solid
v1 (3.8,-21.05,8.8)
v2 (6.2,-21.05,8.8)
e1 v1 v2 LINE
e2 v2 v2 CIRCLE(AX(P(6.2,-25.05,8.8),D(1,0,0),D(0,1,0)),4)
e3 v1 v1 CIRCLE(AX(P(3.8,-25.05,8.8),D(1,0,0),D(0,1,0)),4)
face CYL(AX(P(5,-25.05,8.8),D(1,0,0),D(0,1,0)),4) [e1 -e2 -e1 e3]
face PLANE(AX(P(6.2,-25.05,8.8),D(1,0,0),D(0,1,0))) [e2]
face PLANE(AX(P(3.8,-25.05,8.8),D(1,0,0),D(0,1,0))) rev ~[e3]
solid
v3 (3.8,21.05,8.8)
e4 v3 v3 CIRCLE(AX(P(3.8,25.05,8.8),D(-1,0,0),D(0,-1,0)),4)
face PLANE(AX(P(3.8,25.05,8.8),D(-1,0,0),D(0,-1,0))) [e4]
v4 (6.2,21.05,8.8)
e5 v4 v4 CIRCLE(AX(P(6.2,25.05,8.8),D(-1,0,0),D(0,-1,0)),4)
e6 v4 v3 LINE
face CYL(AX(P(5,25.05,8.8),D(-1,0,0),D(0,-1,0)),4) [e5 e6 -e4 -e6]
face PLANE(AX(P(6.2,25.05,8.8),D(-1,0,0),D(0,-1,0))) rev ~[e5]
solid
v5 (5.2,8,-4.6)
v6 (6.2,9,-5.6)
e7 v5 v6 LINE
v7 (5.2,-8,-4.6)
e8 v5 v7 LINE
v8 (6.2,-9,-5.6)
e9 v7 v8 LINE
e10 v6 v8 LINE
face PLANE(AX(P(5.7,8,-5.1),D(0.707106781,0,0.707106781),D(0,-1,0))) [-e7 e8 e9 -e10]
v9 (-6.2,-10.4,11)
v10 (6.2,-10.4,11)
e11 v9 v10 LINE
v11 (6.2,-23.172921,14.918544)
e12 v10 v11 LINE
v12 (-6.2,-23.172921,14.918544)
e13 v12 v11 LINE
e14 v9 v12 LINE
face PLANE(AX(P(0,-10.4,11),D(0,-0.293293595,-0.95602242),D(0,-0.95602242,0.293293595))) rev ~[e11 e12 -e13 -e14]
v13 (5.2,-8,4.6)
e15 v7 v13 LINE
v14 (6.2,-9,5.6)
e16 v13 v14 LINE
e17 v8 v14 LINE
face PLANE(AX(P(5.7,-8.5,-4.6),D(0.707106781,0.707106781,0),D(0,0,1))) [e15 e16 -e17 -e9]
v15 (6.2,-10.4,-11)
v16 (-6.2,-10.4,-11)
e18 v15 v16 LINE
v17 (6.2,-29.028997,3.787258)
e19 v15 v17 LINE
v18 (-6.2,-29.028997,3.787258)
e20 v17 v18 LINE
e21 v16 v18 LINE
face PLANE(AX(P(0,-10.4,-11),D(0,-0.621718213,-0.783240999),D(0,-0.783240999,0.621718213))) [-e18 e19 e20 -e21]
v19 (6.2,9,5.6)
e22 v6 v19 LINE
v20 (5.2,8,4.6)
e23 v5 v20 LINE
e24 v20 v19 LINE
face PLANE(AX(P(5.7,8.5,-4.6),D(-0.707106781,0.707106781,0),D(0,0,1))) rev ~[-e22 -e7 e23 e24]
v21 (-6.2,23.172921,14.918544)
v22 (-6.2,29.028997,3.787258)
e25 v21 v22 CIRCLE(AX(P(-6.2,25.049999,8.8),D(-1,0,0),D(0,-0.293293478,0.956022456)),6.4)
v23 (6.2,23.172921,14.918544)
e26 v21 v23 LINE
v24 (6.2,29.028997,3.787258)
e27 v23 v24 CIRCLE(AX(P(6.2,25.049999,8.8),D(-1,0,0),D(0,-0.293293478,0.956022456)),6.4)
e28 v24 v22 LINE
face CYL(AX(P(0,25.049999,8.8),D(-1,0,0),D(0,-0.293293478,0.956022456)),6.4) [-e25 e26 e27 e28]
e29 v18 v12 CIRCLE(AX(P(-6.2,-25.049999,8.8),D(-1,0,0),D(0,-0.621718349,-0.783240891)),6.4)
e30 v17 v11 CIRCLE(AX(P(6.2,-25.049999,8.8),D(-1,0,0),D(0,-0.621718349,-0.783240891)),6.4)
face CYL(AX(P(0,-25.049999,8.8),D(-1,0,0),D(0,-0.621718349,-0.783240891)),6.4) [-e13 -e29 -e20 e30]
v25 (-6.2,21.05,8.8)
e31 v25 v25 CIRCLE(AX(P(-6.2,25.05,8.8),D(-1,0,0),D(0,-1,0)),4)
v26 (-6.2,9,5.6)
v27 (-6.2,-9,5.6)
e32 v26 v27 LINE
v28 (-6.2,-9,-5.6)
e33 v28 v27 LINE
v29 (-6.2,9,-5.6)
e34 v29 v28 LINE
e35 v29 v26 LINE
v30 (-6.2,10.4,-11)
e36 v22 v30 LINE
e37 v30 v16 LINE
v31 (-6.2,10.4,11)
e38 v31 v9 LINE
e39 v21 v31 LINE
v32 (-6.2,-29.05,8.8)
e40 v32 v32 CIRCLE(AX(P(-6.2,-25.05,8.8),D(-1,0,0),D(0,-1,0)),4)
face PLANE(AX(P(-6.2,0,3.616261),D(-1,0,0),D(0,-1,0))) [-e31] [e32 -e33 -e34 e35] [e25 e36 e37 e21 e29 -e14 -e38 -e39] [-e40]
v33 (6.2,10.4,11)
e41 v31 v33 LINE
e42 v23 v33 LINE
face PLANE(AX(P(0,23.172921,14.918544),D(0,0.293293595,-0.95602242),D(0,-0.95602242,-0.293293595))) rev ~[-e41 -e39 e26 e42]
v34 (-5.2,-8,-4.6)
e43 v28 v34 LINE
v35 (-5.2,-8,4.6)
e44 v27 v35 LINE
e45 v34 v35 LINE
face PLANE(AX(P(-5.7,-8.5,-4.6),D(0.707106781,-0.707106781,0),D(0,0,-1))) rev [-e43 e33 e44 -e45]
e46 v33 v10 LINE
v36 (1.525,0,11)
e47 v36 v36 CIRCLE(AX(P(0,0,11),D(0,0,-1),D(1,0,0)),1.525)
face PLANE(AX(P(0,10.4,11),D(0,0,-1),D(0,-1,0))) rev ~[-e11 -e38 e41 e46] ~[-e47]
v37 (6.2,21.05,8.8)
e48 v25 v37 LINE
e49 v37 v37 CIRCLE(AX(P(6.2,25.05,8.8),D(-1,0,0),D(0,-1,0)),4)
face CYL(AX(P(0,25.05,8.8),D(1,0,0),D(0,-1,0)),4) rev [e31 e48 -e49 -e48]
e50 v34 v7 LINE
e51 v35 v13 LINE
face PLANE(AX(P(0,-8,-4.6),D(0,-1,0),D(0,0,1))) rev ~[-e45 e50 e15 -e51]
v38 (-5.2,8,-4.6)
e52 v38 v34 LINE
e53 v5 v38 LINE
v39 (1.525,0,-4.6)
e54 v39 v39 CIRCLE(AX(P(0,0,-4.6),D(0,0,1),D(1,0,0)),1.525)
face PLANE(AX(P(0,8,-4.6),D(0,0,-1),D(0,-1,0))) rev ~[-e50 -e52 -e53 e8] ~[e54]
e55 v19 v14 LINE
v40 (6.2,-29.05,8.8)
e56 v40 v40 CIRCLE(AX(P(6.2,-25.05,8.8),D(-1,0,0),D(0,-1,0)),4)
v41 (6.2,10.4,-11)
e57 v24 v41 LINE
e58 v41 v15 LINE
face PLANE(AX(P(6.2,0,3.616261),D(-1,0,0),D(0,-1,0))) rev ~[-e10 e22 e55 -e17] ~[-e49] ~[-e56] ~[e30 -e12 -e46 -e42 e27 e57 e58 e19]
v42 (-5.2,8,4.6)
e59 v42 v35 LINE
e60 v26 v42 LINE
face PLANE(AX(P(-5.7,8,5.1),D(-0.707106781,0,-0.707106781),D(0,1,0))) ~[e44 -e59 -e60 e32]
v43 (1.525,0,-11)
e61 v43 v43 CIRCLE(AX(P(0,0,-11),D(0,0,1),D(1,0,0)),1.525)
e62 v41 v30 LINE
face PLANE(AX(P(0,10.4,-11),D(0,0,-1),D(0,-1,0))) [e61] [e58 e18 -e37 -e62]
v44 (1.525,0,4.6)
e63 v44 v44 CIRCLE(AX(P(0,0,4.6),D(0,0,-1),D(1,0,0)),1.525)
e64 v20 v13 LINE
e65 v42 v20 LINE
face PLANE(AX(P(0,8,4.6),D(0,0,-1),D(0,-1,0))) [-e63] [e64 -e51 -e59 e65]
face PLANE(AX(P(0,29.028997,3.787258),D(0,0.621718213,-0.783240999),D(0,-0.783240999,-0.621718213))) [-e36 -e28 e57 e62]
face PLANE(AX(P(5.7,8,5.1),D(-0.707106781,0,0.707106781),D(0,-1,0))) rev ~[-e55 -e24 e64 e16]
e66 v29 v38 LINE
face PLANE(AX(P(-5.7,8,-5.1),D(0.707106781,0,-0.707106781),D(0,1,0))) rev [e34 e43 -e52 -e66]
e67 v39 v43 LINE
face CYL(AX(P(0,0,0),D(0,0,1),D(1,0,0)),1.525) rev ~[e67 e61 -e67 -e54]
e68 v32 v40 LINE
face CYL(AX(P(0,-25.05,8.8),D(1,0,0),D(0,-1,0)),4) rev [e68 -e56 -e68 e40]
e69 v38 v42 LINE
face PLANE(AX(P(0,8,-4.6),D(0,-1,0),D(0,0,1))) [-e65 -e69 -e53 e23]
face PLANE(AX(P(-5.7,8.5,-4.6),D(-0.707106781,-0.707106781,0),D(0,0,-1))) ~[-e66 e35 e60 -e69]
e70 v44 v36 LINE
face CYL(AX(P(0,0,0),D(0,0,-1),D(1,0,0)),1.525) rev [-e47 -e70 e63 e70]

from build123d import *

# Parameters (mm, degrees)
SKETCH019_R             = 4
SKETCH019_W             = 16
SKETCH019_H             = 9.2
PAD006_DEPTH            = 6.2
CHAMFER_SIZE            = 1
SKETCH_R                = 1.525
POCKET_DEPTH            = 11.001
POCKET_DEPTH_BACK       = -15.201
SKETCH020_R             = 4
PAD_DEPTH               = 1.2
SKETCH021_R             = 4
PAD007_DEPTH            = 1.2
BODY003_PLACEMENT_ANGLE = 180


with BuildPart() as rodholder:
    # Sketch019 → Pad006 (new body, symmetric)
    with BuildSketch(Plane(origin=(0, 0, 0), x_dir=(0, -1, 0), z_dir=(-1, 0, 0))):
        with BuildLine():
            ThreePointArc((-23.172921, 14.918544), (-30.714, 11.779782), (-29.028997, 3.787258))
            Line((-29.028997, 3.787258), (-10.4, -11))
            Line((-10.4, -11), (10.4, -11))
            Line((10.4, -11), (29.028997, 3.787258))
            ThreePointArc((29.028997, 3.787258), (30.714, 11.779782), (23.172921, 14.918544))
            Line((10.4, 11), (23.172921, 14.918544))
            Line((-10.4, 11), (10.4, 11))
            Line((-23.172921, 14.918544), (-10.4, 11))
        make_face()
        with Locations((25.05, 8.8)):
            Circle(SKETCH019_R, mode=Mode.SUBTRACT)
        with Locations((-25.05, 8.8)):
            Circle(SKETCH019_R, mode=Mode.SUBTRACT)
        Rectangle(SKETCH019_W, SKETCH019_H, mode=Mode.SUBTRACT)
    extrude(amount=PAD006_DEPTH, both=True)

    # Chamfer
    chamfer_edges = [rodholder.edges().sort_by_distance(p)[0] for p in [
        (-6.2, 0, 4.6),
        (-6.2, 8, 0),
        (-6.2, -8, 0),
        (-6.2, 0, -4.6),
        (6.2, 0, 4.6),
        (6.2, -8, 0),
        (6.2, 0, -4.6),
        (6.2, 8, 0),
    ]]
    chamfer(chamfer_edges, length=CHAMFER_SIZE)

    # Sketch → Pocket (cut, two sides)
    with BuildSketch(Plane.XY) as pocket_sk:
        Circle(SKETCH_R)
    extrude(amount=-POCKET_DEPTH, mode=Mode.SUBTRACT)
    extrude(pocket_sk.sketch, amount=-POCKET_DEPTH_BACK, mode=Mode.SUBTRACT)


with BuildPart() as rodcapleft:
    # Sketch020 → Pad (new body, symmetric)
    with BuildSketch(Plane.YZ):
        with Locations((-25.05, 8.8)):
            Circle(SKETCH020_R)
    extrude(amount=PAD_DEPTH, both=True)


with BuildPart() as rodcapleft_1:
    # Body placement: moved
    add(rodcapleft.part.moved(Location((5, 0, 0))))


with BuildPart() as rodcapright:
    # Sketch021 → Pad007 (new body, symmetric)
    with BuildSketch(Plane.YZ):
        with Locations((-25.05, 8.8)):
            Circle(SKETCH021_R)
    extrude(amount=PAD007_DEPTH, both=True)


with BuildPart() as rodcapright_1:
    # Body003 placement: moved
    add(rodcapright.part.moved(Location((5, 0, 0))).rotate(Axis((5, 0, 0), (0, 0, 1)), BODY003_PLACEMENT_ANGLE))


solid = Compound([rodholder.part, rodcapleft_1.part, rodcapright_1.part])
